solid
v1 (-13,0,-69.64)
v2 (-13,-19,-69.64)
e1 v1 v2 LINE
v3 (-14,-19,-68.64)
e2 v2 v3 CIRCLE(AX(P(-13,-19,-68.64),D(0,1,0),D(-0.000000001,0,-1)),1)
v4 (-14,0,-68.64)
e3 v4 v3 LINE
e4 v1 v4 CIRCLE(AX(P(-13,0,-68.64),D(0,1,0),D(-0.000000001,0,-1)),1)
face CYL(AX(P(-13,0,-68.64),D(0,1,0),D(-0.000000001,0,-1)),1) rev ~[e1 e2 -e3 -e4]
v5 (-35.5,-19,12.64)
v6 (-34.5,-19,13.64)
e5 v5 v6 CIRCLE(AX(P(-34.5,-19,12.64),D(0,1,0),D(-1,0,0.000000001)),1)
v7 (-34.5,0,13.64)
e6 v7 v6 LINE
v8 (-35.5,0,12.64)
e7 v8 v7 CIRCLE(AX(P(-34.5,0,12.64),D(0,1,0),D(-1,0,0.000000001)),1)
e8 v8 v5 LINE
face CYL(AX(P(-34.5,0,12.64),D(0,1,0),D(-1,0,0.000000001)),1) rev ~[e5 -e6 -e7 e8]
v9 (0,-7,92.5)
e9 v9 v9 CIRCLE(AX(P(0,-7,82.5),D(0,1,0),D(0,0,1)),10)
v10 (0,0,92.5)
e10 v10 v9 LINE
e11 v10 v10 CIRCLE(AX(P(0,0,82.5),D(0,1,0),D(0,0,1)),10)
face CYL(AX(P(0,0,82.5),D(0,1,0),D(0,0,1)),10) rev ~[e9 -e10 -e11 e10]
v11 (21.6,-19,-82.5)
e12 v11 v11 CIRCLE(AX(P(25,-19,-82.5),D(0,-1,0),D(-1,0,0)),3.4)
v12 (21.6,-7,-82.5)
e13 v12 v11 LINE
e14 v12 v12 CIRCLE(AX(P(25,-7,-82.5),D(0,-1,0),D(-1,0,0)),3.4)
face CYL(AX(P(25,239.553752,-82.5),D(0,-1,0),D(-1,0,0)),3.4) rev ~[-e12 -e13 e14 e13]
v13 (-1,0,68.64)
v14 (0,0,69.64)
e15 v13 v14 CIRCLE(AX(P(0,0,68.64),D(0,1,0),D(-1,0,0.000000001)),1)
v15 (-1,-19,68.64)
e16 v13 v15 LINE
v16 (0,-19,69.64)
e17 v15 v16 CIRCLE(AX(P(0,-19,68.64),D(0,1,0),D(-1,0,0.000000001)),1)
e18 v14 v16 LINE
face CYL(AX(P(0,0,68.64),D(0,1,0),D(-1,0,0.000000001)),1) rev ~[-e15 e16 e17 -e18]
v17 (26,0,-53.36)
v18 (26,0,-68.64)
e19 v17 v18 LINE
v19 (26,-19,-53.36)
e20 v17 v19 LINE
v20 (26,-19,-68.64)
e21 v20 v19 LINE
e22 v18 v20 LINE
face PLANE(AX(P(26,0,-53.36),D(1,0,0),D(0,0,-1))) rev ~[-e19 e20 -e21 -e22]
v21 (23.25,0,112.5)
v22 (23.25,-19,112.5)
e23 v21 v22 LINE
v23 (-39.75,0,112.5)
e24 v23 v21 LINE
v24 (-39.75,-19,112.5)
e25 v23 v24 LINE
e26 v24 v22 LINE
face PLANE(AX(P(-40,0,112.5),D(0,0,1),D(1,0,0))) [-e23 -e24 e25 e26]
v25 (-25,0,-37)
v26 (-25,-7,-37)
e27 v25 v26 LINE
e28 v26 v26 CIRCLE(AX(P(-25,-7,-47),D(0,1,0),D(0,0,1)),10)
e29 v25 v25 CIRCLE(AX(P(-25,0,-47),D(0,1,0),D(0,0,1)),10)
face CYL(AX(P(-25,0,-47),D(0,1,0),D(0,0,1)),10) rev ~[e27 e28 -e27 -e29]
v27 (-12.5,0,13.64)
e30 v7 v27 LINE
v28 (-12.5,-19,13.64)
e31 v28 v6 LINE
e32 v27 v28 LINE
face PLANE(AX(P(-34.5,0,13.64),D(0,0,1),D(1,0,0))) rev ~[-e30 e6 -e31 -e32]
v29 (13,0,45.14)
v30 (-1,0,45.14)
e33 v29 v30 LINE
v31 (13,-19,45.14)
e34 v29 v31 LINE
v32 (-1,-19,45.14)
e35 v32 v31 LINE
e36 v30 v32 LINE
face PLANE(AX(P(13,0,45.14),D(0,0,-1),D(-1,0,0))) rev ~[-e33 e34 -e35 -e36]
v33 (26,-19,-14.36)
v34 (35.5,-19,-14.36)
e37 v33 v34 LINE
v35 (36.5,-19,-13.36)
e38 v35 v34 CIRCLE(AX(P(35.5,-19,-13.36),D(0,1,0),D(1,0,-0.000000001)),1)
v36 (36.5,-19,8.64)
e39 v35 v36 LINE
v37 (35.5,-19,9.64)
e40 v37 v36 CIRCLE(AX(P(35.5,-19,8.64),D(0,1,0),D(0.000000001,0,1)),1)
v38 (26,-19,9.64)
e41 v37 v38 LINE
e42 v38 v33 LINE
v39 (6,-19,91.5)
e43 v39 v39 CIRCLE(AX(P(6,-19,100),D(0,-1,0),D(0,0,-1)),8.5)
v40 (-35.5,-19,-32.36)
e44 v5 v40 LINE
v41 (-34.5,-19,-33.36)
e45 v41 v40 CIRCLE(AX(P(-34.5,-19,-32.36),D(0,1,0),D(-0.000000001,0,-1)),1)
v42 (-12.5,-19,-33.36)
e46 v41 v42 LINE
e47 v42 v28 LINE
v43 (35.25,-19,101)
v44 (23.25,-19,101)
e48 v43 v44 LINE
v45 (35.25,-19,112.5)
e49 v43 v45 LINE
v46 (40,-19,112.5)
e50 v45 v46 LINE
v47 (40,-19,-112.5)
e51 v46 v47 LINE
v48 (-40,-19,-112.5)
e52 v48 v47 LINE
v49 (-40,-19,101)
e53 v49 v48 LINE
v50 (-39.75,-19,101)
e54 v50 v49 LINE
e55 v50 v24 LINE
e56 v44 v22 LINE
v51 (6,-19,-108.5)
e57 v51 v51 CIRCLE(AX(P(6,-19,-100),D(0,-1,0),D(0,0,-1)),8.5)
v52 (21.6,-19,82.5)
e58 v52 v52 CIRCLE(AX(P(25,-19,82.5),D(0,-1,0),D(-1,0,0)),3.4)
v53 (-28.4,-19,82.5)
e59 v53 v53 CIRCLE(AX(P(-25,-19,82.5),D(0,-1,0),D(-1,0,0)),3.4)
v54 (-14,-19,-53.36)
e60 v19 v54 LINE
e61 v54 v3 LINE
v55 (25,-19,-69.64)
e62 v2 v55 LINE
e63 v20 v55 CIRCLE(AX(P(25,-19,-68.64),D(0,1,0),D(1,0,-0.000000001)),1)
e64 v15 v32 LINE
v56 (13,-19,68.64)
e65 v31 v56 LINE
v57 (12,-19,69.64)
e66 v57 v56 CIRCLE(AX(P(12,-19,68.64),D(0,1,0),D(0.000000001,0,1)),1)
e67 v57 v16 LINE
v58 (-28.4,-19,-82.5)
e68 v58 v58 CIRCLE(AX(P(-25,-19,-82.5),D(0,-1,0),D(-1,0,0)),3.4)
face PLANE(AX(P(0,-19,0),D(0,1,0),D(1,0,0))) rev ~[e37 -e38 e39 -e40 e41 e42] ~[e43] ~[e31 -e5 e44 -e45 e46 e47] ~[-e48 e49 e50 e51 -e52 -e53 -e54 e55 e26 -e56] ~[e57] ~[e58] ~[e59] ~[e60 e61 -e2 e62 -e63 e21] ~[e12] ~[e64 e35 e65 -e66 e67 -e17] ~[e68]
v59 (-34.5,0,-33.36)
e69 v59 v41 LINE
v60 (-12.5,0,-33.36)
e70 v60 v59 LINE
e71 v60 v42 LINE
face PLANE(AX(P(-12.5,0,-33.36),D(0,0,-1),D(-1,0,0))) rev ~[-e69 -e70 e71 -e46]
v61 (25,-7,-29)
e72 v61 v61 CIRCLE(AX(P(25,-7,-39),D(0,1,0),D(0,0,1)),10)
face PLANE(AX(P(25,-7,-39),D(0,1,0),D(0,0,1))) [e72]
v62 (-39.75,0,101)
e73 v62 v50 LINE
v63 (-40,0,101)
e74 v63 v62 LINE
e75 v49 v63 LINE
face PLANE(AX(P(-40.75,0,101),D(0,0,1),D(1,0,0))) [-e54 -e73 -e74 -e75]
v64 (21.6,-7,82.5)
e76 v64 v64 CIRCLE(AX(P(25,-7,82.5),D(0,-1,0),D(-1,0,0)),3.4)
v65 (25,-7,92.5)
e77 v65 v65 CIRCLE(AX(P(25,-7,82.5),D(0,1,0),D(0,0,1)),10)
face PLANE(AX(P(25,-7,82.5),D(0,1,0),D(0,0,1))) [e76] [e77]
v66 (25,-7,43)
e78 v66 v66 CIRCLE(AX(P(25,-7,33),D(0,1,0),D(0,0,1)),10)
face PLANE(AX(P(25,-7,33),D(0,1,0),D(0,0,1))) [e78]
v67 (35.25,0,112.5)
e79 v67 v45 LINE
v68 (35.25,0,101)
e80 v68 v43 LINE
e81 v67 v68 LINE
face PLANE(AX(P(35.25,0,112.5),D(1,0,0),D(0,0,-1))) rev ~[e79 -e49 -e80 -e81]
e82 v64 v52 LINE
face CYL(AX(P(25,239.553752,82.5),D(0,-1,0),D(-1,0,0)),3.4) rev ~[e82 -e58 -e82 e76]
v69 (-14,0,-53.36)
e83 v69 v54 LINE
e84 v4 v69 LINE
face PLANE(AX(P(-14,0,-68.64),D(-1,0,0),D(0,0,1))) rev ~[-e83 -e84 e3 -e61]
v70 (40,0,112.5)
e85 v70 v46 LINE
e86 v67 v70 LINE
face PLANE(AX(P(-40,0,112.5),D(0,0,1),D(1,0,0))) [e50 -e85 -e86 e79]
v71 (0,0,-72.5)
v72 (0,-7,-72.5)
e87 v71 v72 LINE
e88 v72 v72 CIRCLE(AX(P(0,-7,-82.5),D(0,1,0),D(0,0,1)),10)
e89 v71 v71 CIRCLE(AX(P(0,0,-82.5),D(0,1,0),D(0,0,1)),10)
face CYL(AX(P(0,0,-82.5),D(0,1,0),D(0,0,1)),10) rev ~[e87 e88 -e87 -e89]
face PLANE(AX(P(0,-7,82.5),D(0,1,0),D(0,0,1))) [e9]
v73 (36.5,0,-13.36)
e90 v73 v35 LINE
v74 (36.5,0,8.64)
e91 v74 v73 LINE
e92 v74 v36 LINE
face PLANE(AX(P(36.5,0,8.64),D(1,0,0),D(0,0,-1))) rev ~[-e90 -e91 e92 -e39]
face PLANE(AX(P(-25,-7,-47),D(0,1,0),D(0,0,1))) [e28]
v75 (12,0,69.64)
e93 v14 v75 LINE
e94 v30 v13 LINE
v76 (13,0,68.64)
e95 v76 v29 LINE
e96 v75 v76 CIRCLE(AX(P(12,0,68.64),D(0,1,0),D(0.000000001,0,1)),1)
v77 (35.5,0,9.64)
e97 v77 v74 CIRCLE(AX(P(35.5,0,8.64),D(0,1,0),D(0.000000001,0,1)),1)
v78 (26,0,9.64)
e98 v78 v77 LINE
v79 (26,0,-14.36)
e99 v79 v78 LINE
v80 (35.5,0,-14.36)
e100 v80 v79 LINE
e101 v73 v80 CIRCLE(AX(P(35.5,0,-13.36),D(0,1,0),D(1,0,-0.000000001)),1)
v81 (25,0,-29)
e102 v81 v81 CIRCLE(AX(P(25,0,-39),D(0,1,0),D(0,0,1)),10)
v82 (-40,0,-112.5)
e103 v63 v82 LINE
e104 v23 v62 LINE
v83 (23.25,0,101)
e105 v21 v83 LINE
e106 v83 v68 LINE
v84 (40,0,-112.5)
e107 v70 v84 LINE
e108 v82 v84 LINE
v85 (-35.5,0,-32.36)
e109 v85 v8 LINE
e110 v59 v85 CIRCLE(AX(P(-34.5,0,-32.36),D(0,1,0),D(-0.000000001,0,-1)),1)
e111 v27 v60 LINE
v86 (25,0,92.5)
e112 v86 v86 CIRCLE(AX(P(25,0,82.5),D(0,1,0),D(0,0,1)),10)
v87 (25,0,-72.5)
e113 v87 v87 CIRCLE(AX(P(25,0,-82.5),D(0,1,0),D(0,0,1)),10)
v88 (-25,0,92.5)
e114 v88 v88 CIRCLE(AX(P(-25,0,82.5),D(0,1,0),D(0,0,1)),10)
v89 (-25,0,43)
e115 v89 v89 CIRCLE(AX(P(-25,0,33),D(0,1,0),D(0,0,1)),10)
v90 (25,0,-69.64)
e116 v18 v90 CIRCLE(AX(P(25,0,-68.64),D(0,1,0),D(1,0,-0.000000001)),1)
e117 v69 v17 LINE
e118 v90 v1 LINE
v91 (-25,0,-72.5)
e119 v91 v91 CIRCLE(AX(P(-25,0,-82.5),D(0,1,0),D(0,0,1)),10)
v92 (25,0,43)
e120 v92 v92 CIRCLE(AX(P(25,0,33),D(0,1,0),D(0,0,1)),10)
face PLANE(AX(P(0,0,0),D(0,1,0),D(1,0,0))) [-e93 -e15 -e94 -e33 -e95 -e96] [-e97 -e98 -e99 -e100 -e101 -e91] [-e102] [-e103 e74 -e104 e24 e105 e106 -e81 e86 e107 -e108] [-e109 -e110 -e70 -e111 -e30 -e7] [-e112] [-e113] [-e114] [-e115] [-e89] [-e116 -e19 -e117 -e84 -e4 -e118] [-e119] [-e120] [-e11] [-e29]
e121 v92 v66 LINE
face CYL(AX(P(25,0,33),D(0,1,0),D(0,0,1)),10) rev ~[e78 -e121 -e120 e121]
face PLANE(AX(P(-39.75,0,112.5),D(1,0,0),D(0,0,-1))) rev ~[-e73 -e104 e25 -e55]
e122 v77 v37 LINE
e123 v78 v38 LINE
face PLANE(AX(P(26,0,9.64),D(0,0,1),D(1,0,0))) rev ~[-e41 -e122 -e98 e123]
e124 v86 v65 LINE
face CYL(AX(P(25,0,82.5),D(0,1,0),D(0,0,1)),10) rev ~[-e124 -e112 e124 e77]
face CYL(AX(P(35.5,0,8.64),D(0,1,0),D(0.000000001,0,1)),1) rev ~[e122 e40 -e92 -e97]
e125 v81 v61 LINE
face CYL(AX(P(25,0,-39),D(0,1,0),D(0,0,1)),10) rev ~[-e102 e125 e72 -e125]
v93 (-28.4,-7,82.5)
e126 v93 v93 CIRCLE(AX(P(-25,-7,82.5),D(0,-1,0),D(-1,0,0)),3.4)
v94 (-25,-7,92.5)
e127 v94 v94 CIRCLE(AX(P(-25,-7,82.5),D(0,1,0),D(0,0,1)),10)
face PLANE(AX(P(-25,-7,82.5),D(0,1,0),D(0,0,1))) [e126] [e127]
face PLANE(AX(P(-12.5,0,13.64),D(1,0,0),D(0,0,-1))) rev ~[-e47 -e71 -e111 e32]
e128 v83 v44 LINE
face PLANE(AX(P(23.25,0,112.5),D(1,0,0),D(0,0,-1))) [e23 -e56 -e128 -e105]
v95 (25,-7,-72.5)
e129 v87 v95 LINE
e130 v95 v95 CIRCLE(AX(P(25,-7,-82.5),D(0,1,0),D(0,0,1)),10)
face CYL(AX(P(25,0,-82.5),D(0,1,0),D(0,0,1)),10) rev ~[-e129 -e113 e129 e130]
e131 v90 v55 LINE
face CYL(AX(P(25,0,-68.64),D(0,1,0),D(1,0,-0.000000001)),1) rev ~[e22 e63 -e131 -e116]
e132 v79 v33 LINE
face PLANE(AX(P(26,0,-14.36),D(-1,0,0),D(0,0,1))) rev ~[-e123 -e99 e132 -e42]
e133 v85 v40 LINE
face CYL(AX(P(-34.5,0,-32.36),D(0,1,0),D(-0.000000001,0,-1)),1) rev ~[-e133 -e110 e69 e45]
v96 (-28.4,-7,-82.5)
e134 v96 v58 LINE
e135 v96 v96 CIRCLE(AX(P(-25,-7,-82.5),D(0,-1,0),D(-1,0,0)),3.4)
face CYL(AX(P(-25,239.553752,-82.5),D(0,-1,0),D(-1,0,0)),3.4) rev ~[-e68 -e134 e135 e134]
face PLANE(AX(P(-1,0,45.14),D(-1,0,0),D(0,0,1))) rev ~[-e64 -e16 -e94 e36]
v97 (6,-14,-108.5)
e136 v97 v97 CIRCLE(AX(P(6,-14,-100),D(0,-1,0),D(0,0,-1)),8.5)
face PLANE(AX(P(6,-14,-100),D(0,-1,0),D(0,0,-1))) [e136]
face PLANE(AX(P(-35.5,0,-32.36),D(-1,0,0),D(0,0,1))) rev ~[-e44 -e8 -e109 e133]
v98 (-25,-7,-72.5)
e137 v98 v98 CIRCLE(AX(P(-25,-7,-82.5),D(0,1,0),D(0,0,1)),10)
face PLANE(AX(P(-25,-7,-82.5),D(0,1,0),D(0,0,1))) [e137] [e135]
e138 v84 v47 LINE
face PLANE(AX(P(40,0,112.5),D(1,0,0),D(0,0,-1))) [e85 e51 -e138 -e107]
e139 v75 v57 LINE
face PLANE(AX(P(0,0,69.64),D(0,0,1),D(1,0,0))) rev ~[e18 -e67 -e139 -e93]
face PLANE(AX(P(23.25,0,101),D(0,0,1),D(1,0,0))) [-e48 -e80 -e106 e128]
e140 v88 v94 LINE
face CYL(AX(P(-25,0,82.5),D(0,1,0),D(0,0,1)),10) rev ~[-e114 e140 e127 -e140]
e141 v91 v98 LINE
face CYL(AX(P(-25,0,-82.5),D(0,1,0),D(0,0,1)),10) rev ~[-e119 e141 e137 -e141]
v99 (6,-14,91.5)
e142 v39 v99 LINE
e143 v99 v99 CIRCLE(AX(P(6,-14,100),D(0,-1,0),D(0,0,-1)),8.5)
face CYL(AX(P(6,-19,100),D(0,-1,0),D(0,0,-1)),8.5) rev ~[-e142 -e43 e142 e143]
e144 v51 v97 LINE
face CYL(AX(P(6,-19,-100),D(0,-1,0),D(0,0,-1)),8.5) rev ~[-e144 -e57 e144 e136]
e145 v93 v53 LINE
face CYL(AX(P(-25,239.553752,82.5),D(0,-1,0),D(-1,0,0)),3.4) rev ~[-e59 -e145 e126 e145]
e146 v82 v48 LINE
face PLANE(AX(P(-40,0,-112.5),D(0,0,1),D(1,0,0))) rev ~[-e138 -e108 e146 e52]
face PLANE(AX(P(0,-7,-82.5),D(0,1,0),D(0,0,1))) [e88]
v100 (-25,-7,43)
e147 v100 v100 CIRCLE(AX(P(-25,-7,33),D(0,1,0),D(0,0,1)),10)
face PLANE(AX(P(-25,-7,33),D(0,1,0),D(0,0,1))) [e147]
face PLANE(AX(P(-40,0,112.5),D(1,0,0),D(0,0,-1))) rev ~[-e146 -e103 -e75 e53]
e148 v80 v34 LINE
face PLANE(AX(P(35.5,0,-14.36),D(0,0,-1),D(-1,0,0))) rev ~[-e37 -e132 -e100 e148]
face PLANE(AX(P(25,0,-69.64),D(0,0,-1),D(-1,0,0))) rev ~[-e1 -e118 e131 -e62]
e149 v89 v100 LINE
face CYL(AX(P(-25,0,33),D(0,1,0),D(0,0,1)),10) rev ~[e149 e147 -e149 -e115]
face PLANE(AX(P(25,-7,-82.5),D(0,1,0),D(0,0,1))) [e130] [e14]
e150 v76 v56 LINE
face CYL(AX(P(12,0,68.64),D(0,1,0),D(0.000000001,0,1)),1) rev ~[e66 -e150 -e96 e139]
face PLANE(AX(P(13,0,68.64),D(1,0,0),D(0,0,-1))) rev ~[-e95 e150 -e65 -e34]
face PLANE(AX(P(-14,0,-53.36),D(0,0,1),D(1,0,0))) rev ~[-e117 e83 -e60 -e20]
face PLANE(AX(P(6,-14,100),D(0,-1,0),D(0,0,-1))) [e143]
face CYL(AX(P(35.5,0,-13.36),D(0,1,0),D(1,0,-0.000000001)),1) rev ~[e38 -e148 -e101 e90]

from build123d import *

# Parameters (mm, degrees)
SKETCH1_W           = 80
SKETCH1_H           = 225
BOSS_EXTRUDE1_DEPTH = 19
CUT_EXTRUDE1_REACH  = 122.902
SKETCH4_R           = 10
CUT_EXTRUDE2_DEPTH  = 7
SKETCH5_R           = 8.5
CUT_EXTRUDE3_DEPTH  = 5
CUT_EXTRUDE4_REACH  = 122.902
SKETCH7_W           = 12
SKETCH7_H           = 11.5
SKETCH7_W_2         = 1
M8_TAPPED_HOLE1_D   = 6.8


with BuildPart() as part:
    # Sketch1 → Boss-Extrude1 (new body)
    with BuildSketch(Plane(origin=(0, 0, 0), x_dir=(1, 0, 0), z_dir=(0, 1, 0))):
        Rectangle(SKETCH1_W, SKETCH1_H)
    extrude(amount=-BOSS_EXTRUDE1_DEPTH)

    # Sketch2 → Cut-Extrude1 (cut, up to next)
    with BuildSketch(Plane(origin=(0, 0, 0), x_dir=(1, 0, 0), z_dir=(0, 1, 0)), mode=Mode.PRIVATE) as cut_extrude1_sk1:
        with BuildLine():
            Line((-34.5, -13.64), (-12.5, -13.64))
            Line((-12.5, -13.64), (-12.5, 33.36))
            Line((-12.5, 33.36), (-34.5, 33.36))
            ThreePointArc((-34.5, 33.36), (-35.207106781, 33.067106781), (-35.5, 32.36))
            Line((-35.5, 32.36), (-35.5, -12.64))
            ThreePointArc((-35.5, -12.64), (-35.207106781, -13.347106781), (-34.5, -13.64))
        make_face()
    cut_extrude1_tool1 = extrude(cut_extrude1_sk1.sketch, amount=-CUT_EXTRUDE1_REACH, mode=Mode.PRIVATE) & part.part
    # Sketch2 → Cut-Extrude1 (cut, up to next)
    with BuildSketch(Plane(origin=(0, 0, 0), x_dir=(1, 0, 0), z_dir=(0, 1, 0)), mode=Mode.PRIVATE) as cut_extrude1_sk2:
        with BuildLine():
            Line((0, -69.64), (12, -69.64))
            ThreePointArc((12, -69.64), (12.707106781, -69.347106781), (13, -68.64))
            Line((13, -68.64), (13, -45.14))
            Line((13, -45.14), (-1, -45.14))
            Line((-1, -45.14), (-1, -68.64))
            ThreePointArc((-1, -68.64), (-0.707106781, -69.347106781), (0, -69.64))
        make_face()
    cut_extrude1_tool2 = extrude(cut_extrude1_sk2.sketch, amount=-CUT_EXTRUDE1_REACH, mode=Mode.PRIVATE) & part.part
    # Sketch2 → Cut-Extrude1 (cut, up to next)
    with BuildSketch(Plane(origin=(0, 0, 0), x_dir=(1, 0, 0), z_dir=(0, 1, 0)), mode=Mode.PRIVATE) as cut_extrude1_sk3:
        with BuildLine():
            Line((35.5, 14.36), (26, 14.36))
            Line((26, 14.36), (26, -9.64))
            Line((26, -9.64), (35.5, -9.64))
            ThreePointArc((35.5, -9.64), (36.207106781, -9.347106781), (36.5, -8.64))
            Line((36.5, -8.64), (36.5, 13.36))
            ThreePointArc((36.5, 13.36), (36.207106781, 14.067106781), (35.5, 14.36))
        make_face()
    cut_extrude1_tool3 = extrude(cut_extrude1_sk3.sketch, amount=-CUT_EXTRUDE1_REACH, mode=Mode.PRIVATE) & part.part
    # Sketch2 → Cut-Extrude1 (cut, up to next)
    with BuildSketch(Plane(origin=(0, 0, 0), x_dir=(1, 0, 0), z_dir=(0, 1, 0)), mode=Mode.PRIVATE) as cut_extrude1_sk4:
        with BuildLine():
            Line((26, 53.36), (26, 68.64))
            ThreePointArc((26, 68.64), (25.707106781, 69.347106781), (25, 69.64))
            Line((25, 69.64), (-13, 69.64))
            ThreePointArc((-13, 69.64), (-13.707106781, 69.347106781), (-14, 68.64))
            Line((-14, 68.64), (-14, 53.36))
            Line((-14, 53.36), (26, 53.36))
        make_face()
    cut_extrude1_tool4 = extrude(cut_extrude1_sk4.sketch, amount=-CUT_EXTRUDE1_REACH, mode=Mode.PRIVATE) & part.part
    add(cut_extrude1_tool1.solids().sort_by_distance((-23.995521, 0, -9.86))[0], mode=Mode.SUBTRACT)
    add(cut_extrude1_tool2.solids().sort_by_distance((6, 0, 57.374932))[0], mode=Mode.SUBTRACT)
    add(cut_extrude1_tool3.solids().sort_by_distance((31.241424, 0, -2.36))[0], mode=Mode.SUBTRACT)
    add(cut_extrude1_tool4.solids().sort_by_distance((6, 0, -61.494779))[0], mode=Mode.SUBTRACT)

    # Sketch4 → Cut-Extrude2 (cut)
    with BuildSketch(Plane(origin=(0, 0, 0), x_dir=(1, 0, 0), z_dir=(0, 1, 0))):
        with Locations(Location((25, -82.5, 0), (0, 0, 270))):
            Circle(SKETCH4_R)
        with Locations(Location((0, -82.5, 0), (0, 0, 270))):
            Circle(SKETCH4_R)
        with Locations(Location((-25, -82.5, 0), (0, 0, 270))):
            Circle(SKETCH4_R)
        with Locations(Location((-25, -33, 0), (0, 0, 270))):
            Circle(SKETCH4_R)
        with Locations(Location((25, -33, 0), (0, 0, 270))):
            Circle(SKETCH4_R)
        with Locations(Location((25, 39, 0), (0, 0, 270))):
            Circle(SKETCH4_R)
        with Locations(Location((-25, 47, 0), (0, 0, 270))):
            Circle(SKETCH4_R)
        with Locations(Location((-25, 82.5, 0), (0, 0, 270))):
            Circle(SKETCH4_R)
        with Locations(Location((0, 82.5, 0), (0, 0, 270))):
            Circle(SKETCH4_R)
        with Locations(Location((25, 82.5, 0), (0, 0, 270))):
            Circle(SKETCH4_R)
    extrude(amount=-CUT_EXTRUDE2_DEPTH, mode=Mode.SUBTRACT)

    # Sketch5 → Cut-Extrude3 (cut)
    with BuildSketch(Plane.XZ.offset(19)):
        with Locations(Location((6, 100, 0), (0, 0, 270))):
            Circle(SKETCH5_R)
        with Locations(Location((6, -100, 0), (0, 0, 270))):
            Circle(SKETCH5_R)
    extrude(amount=-CUT_EXTRUDE3_DEPTH, mode=Mode.SUBTRACT)

    # Sketch7 → Cut-Extrude4 (cut, up to next)
    with BuildSketch(Plane(origin=(0, 0, 0), x_dir=(1, 0, 0), z_dir=(0, 1, 0)), mode=Mode.PRIVATE) as cut_extrude4_sk1:
        with Locations((29.25, -106.75)):
            Rectangle(SKETCH7_W, SKETCH7_H)
    cut_extrude4_tool1 = extrude(cut_extrude4_sk1.sketch, amount=-CUT_EXTRUDE4_REACH, mode=Mode.PRIVATE) & part.part
    # Sketch7 → Cut-Extrude4 (cut, up to next)
    with BuildSketch(Plane(origin=(0, 0, 0), x_dir=(1, 0, 0), z_dir=(0, 1, 0)), mode=Mode.PRIVATE) as cut_extrude4_sk2:
        with Locations((-40.25, -106.75)):
            Rectangle(SKETCH7_W_2, SKETCH7_H)
    cut_extrude4_tool2 = extrude(cut_extrude4_sk2.sketch, amount=-CUT_EXTRUDE4_REACH, mode=Mode.PRIVATE) & part.part
    add(cut_extrude4_tool1.solids().sort_by_distance((29.25, 0, 106.75))[0], mode=Mode.SUBTRACT)
    add(cut_extrude4_tool2.solids().sort_by_distance((-40.25, 0, 106.75))[0], mode=Mode.SUBTRACT)

    # M8 Tapped Hole1 (through all)
    with Locations(Plane(origin=(0, 0, 0), x_dir=(1, 0, 0), z_dir=(0, 1, 0))):
        with Locations((-25, 82.5), (25, 82.5), (25, -82.5), (-25, -82.5)):
            Hole(M8_TAPPED_HOLE1_D / 2)


solid = part.part
